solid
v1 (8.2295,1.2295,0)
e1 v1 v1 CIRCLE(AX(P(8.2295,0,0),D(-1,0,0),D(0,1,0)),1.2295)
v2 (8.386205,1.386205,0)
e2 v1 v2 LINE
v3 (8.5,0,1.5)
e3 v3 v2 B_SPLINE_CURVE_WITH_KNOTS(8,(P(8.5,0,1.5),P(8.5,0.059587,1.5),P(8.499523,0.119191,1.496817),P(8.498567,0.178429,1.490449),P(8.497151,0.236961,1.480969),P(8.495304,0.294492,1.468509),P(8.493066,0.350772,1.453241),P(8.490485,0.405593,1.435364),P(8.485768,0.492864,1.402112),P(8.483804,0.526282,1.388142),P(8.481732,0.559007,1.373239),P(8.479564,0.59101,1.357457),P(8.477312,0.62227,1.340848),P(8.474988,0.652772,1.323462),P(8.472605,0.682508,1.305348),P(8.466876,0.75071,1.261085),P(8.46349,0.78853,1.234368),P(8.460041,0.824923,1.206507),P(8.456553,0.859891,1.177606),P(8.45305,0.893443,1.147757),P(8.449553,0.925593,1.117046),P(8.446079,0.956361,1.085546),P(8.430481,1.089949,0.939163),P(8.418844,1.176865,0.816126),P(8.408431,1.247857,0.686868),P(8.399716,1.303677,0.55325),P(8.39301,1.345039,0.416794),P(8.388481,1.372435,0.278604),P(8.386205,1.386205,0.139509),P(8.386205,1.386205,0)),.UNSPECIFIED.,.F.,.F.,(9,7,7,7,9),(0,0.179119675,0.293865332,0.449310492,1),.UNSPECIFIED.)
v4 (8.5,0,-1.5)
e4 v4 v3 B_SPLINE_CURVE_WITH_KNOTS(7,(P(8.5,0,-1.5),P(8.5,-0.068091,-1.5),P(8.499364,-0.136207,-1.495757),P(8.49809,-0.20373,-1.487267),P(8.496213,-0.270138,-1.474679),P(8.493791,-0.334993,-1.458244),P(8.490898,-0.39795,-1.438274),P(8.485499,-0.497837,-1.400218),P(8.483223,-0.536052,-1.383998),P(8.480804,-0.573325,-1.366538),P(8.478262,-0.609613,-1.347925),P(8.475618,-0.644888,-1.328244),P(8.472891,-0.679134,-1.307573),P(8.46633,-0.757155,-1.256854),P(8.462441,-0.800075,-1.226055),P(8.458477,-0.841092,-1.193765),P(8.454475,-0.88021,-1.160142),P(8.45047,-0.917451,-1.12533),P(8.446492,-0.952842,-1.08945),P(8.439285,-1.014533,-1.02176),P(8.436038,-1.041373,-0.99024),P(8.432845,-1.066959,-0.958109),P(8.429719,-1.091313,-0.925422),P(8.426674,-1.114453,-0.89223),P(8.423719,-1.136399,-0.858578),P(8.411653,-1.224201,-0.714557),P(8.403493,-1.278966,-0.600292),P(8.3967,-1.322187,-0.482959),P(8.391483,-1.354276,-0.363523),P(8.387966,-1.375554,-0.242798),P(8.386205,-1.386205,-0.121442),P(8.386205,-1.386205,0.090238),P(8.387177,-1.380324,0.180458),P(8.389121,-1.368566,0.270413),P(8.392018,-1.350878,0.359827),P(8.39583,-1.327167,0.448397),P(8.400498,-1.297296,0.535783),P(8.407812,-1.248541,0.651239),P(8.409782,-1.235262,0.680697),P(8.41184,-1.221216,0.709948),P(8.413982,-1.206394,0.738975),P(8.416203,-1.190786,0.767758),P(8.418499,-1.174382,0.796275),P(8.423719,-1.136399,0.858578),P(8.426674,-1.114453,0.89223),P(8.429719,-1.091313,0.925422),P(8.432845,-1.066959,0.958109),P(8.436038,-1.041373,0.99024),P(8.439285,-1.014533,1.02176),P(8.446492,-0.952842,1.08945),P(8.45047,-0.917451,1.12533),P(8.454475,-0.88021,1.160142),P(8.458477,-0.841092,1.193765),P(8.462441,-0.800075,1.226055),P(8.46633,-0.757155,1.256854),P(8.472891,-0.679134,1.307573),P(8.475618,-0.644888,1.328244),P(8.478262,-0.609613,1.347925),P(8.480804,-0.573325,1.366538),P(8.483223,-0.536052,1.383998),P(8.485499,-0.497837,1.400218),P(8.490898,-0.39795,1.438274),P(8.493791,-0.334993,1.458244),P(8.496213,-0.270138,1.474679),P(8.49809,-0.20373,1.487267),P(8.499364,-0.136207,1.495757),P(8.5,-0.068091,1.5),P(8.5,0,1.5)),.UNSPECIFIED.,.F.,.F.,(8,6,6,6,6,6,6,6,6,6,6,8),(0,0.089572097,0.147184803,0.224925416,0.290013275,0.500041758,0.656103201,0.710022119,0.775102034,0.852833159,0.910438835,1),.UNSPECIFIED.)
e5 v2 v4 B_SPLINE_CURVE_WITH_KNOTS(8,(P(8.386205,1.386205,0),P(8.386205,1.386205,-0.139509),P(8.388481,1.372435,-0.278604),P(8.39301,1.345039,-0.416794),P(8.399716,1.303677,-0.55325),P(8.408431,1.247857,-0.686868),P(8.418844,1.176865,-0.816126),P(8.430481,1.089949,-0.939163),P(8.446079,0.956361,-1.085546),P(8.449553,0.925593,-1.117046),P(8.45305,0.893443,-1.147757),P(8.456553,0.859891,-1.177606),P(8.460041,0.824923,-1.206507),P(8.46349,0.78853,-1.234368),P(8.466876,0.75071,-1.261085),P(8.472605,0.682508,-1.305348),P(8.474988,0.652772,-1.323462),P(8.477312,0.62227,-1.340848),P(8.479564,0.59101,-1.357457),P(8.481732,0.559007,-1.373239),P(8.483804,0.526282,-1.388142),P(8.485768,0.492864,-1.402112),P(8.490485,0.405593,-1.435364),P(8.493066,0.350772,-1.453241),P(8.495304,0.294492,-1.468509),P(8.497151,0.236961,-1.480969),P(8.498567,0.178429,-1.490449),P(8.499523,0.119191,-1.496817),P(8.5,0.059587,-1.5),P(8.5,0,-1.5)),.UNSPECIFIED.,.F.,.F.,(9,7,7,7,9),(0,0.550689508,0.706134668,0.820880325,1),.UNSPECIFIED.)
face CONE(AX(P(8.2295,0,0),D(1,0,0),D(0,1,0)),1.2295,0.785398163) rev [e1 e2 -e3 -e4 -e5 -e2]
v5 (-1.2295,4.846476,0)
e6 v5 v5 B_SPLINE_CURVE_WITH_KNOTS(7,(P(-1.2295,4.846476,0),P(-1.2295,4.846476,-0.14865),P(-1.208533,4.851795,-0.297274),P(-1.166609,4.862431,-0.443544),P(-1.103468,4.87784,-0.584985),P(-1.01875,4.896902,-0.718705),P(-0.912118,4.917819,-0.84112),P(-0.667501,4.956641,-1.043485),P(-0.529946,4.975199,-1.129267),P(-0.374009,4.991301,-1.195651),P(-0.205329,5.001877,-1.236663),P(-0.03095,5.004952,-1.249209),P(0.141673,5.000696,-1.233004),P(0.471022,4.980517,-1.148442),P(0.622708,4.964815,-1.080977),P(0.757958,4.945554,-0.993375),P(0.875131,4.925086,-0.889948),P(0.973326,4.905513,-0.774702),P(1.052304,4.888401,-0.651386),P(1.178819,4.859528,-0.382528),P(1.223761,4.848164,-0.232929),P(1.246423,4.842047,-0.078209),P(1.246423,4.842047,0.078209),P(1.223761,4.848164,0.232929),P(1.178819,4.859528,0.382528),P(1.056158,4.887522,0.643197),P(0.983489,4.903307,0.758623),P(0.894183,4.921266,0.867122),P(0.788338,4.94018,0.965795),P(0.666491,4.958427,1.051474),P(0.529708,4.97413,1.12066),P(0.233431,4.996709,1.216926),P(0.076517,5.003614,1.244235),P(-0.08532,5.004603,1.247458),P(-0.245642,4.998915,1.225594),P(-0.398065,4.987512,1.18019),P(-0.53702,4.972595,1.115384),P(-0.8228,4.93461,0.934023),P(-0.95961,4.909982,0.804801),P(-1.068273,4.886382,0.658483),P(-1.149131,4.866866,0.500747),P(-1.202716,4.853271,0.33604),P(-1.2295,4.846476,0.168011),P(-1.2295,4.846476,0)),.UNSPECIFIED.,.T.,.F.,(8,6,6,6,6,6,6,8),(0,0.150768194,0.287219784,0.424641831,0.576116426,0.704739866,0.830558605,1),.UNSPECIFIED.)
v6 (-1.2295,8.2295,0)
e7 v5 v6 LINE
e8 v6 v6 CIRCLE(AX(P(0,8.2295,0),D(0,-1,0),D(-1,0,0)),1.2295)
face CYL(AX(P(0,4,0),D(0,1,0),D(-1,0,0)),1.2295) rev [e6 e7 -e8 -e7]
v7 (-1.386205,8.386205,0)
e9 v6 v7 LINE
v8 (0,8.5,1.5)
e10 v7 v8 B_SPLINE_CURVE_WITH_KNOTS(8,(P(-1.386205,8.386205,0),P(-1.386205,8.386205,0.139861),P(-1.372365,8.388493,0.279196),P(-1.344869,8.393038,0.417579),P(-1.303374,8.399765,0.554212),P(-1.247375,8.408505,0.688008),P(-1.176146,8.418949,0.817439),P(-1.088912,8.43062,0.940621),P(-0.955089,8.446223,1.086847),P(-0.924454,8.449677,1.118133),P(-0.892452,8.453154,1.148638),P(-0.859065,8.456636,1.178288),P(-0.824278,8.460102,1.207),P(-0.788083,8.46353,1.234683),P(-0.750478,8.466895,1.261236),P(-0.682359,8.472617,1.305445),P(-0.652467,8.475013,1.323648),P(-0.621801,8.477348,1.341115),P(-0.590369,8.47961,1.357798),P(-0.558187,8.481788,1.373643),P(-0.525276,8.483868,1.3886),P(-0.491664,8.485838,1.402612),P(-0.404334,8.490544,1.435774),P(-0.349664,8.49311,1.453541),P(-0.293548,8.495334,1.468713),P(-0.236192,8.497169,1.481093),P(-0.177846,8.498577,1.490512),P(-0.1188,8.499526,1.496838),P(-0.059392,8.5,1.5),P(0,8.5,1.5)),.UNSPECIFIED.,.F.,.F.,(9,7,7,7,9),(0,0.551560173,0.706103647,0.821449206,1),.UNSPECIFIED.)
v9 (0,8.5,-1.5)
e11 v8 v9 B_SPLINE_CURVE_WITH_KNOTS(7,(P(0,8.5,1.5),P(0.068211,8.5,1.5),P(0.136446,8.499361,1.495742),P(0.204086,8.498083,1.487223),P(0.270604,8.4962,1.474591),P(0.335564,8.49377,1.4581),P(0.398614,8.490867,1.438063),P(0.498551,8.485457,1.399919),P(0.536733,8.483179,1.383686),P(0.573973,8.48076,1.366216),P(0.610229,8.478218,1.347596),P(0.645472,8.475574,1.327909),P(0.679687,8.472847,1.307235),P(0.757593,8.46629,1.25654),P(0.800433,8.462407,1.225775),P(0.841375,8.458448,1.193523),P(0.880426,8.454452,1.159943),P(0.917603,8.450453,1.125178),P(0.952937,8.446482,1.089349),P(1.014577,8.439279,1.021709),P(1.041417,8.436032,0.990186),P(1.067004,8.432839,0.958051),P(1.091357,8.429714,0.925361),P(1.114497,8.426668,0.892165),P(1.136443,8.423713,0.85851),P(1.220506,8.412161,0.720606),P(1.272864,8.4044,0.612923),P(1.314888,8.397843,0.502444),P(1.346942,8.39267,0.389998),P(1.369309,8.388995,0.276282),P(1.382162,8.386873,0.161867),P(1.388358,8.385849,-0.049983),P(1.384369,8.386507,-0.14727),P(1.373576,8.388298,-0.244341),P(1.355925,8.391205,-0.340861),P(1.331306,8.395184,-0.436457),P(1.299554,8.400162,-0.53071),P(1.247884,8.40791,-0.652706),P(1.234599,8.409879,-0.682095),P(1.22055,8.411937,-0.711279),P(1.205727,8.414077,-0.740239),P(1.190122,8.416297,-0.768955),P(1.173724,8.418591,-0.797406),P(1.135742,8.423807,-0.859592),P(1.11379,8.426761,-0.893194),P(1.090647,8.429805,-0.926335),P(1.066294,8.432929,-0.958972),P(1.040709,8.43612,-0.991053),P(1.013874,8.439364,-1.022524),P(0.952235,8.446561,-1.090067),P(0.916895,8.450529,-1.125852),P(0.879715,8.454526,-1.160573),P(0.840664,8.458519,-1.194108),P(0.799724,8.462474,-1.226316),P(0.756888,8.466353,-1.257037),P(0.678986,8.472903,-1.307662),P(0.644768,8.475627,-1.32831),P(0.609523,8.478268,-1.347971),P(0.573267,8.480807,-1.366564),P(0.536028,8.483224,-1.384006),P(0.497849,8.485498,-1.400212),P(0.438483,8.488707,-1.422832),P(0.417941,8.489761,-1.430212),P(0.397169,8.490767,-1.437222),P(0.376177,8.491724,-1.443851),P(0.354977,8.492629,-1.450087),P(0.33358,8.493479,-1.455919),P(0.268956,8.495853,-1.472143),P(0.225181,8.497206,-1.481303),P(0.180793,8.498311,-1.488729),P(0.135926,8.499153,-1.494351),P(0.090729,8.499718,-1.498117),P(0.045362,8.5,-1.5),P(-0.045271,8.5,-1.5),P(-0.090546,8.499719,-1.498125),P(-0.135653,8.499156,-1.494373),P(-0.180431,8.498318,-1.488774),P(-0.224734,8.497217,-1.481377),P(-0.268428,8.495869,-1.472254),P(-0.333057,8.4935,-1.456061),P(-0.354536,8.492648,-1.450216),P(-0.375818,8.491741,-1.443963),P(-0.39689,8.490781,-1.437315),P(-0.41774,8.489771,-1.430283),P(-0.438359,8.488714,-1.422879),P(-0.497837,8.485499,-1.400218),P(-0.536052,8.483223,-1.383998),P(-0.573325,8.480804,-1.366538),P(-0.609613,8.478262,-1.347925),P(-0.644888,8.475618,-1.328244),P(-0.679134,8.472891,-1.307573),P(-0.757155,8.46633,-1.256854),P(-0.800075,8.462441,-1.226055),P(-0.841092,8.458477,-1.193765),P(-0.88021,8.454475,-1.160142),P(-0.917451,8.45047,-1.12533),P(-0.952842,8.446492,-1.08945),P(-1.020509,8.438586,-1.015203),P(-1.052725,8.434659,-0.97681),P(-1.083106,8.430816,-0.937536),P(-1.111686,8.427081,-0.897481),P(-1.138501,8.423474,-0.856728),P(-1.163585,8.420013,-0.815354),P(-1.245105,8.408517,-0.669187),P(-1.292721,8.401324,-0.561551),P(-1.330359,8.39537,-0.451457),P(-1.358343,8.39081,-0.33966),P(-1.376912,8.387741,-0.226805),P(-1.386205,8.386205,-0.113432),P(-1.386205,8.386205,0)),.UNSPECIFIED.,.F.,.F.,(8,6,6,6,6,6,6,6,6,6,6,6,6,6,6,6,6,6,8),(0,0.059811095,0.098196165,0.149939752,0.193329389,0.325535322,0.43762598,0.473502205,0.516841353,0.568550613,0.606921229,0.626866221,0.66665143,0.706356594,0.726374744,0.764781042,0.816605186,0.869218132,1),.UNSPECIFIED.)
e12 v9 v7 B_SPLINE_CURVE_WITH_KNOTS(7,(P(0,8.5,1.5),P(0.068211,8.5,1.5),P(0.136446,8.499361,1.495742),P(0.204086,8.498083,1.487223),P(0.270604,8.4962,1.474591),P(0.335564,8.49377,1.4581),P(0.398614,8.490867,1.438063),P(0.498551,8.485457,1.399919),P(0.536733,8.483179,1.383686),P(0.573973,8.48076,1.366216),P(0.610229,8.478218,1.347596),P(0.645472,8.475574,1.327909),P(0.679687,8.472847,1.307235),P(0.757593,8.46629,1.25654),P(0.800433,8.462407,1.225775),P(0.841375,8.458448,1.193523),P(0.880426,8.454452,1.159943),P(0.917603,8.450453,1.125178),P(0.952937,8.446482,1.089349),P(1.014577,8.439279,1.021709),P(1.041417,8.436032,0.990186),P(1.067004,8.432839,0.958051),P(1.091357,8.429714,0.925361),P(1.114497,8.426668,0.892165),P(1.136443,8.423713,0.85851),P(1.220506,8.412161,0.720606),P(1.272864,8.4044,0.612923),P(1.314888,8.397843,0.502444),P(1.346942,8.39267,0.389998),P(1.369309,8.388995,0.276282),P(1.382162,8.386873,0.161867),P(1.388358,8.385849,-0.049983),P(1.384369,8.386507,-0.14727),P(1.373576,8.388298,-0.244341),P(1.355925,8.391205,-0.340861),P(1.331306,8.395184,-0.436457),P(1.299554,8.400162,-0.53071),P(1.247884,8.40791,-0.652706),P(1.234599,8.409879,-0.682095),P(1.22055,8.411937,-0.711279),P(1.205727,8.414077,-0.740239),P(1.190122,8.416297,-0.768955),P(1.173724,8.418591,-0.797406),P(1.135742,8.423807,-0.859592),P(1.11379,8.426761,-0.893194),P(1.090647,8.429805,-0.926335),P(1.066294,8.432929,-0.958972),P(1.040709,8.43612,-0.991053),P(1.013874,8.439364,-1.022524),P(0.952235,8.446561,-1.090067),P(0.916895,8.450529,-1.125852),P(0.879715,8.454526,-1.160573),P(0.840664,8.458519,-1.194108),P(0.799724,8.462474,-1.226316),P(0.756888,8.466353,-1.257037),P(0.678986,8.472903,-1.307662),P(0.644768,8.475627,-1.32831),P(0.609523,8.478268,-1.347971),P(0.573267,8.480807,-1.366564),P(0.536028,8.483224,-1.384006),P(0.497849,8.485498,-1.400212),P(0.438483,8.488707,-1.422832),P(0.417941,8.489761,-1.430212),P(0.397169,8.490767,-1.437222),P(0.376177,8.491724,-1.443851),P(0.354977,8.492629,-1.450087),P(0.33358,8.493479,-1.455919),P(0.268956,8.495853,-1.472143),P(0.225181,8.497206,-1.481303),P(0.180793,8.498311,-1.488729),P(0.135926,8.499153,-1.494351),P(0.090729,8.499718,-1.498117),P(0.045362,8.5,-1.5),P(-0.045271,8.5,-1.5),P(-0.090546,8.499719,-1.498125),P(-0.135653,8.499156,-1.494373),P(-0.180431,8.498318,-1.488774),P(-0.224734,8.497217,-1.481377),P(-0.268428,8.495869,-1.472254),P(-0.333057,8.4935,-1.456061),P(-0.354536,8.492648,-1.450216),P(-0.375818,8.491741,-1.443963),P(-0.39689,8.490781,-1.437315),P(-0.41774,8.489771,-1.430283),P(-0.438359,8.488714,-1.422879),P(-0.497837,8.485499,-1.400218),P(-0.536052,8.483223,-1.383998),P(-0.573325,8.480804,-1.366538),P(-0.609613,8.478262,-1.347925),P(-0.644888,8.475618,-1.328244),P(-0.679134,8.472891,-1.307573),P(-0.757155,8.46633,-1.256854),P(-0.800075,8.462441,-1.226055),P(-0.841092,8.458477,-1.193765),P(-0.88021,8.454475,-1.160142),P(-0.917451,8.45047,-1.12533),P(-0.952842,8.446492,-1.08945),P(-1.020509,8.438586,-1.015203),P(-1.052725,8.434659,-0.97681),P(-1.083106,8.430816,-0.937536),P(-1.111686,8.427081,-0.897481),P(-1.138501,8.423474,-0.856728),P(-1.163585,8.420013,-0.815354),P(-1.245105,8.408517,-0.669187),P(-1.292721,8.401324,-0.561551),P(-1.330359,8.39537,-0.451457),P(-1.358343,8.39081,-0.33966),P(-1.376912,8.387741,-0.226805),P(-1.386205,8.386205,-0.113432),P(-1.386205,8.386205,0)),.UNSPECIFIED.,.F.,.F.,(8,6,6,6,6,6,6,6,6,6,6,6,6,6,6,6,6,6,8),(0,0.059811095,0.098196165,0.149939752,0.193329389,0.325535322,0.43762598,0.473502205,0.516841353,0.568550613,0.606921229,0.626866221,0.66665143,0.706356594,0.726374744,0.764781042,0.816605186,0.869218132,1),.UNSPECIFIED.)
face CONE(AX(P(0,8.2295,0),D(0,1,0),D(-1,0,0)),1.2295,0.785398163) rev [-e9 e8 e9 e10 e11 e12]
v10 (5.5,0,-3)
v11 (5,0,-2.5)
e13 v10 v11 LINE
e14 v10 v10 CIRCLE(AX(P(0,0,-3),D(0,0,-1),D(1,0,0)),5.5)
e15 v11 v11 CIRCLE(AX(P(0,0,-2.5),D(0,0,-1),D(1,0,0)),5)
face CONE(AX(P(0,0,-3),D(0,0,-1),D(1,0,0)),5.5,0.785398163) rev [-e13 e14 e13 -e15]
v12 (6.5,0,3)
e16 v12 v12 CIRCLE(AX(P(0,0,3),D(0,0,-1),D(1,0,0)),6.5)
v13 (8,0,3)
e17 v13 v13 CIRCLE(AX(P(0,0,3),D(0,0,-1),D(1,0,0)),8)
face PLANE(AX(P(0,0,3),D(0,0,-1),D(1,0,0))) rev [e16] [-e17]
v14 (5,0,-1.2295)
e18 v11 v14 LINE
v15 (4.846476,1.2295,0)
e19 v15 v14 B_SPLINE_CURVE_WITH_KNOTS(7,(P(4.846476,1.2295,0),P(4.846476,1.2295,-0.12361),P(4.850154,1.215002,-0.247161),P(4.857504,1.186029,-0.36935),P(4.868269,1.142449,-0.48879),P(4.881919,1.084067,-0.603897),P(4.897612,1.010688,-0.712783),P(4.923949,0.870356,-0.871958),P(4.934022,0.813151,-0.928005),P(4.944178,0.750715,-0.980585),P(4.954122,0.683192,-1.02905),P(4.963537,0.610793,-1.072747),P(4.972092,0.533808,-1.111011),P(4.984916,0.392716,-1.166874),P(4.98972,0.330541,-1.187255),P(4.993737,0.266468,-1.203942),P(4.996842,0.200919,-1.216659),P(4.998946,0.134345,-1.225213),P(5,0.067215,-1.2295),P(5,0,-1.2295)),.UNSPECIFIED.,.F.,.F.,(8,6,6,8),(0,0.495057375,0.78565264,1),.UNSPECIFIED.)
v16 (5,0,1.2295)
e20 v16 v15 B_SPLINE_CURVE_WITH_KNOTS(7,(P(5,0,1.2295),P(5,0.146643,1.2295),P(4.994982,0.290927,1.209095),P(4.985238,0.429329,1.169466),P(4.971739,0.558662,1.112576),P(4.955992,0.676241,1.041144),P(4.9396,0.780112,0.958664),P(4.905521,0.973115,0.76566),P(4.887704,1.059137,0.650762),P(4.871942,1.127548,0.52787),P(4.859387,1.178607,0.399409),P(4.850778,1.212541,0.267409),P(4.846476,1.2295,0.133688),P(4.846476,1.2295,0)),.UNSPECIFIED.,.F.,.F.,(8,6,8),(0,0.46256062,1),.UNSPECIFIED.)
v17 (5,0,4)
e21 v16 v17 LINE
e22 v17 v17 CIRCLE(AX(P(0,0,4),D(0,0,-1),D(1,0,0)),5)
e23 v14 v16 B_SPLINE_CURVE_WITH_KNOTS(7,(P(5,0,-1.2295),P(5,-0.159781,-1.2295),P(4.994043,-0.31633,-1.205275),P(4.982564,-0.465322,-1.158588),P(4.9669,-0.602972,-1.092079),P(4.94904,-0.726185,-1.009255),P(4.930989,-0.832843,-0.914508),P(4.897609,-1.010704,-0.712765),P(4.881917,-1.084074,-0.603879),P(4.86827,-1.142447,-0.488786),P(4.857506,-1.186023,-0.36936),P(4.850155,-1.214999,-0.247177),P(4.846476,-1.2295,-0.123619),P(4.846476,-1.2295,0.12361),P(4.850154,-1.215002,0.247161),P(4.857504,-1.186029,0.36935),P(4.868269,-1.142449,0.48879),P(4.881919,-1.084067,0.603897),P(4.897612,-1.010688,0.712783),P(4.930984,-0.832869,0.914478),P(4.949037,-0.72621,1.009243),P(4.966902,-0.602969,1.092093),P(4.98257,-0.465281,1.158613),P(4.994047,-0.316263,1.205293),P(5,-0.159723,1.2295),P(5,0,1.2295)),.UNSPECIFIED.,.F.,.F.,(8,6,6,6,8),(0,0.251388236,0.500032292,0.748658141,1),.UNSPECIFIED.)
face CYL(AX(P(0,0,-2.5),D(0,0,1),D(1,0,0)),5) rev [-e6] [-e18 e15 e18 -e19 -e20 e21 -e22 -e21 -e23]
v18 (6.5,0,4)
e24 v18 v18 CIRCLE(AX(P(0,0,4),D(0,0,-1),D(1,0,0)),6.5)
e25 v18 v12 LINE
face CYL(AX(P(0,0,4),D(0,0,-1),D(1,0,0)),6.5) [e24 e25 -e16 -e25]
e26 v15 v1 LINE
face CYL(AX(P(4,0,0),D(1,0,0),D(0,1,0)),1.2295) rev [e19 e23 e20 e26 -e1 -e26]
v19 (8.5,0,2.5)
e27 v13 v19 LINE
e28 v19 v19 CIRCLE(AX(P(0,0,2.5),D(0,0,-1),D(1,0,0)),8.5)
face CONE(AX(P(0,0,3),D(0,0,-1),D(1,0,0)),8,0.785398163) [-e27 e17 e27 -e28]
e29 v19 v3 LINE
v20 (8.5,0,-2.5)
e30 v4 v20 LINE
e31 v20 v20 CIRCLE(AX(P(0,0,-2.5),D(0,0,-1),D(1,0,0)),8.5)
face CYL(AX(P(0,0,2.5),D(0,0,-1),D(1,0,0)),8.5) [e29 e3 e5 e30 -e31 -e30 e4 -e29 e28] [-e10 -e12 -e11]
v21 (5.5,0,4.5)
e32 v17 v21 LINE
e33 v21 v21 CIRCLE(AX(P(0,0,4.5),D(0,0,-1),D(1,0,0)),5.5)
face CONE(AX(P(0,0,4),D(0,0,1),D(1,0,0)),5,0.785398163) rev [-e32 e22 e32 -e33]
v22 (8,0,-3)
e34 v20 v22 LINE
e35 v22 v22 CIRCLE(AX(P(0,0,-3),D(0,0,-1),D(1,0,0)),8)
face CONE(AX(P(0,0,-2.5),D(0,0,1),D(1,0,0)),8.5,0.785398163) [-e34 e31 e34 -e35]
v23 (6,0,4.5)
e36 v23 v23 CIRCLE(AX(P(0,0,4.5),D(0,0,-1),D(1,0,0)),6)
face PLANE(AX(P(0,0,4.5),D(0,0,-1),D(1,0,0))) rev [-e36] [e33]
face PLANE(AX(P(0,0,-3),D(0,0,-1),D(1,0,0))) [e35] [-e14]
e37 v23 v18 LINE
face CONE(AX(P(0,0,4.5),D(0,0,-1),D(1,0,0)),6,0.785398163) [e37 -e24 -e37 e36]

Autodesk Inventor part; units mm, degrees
sketch "Sketch_1" plane through (0, 0, 0) normal (0, 1, 0) x (-1, 0, 0)
  line L0 (0, 4.5) -> (0, -3)
  line L1 (-5, 4) -> (-5.5, 4.5)
  line L2 (-5.5, 4.5) -> (-6, 4.5)
  line L3 (-6, 4.5) -> (-6.5, 4)
  line L4 (-6.5, 4) -> (-6.5, 3)
  line L5 (-6.5, 3) -> (-8, 3)
  line L6 (-8, 3) -> (-8.5, 2.5)
  line L7 (-8.5, 2.5) -> (-8.5, -2.5)
  line L8 (-8.5, -2.5) -> (-8, -3)
  line L9 (-8, -3) -> (-5.5, -3)
  line L10 (-5.5, -3) -> (-5, -2.5)
  line L11 (-5, -2.5) -> (-5, 4)
revolve "Revolution1" add sketch "Sketch_1" angle 360 about axis through (0, 0, 4.5) along (0, 0, -1)
sketch "Sketch_8" plane through (0, 0, 0) normal (0, 0, 1) x (1, 0, 0)
  line L0 (8.5, 0) -> (4, 0)
  line L1 (4, 0) -> (4, 1.2295)
  line L2 (4, 1.2295) -> (8.2295, 1.2295)
  line L3 (8.2295, 1.2295) -> (8.5, 1.5)
  line L4 (8.5, 1.5) -> (8.5, 0)
  line L5 (8.5, 0) -> (4, 0)
revolve "Revolution2" cut sketch "Sketch_8" angle 360 about axis through (8.5, 0, 0) along (-1, 0, 0)
thread "Thread1" size "M3x0.5" class "6H" standard "ISO Metric profile" full length
sketch "Sketch_2" plane through (0, 0, 0) normal (0, 0, 1) x (1, 0, 0)
  line L0 (0, 8.5) -> (0, 4)
  line L1 (0, 4) -> (-1.2295, 4)
  line L2 (-1.2295, 4) -> (-1.2295, 8.2295)
  line L3 (-1.2295, 8.2295) -> (-1.5, 8.5)
  line L4 (-1.5, 8.5) -> (0, 8.5)
  line L5 (0, 8.5) -> (0, 4)
revolve "Revolution3" cut sketch "Sketch_2" angle 360 about axis through (0, 8.5, 0) along (0, -1, 0)
thread "Thread2" size "M3x0.5" class "6H" standard "ISO Metric profile" full length
ref_plane "body_set_h_XY" through (0, 8.5, 0) normal (0, 1, 0) x (1, 0, 0)
ref_plane "body_set_h_YZ" through (0, 8.5, 0) normal (1, 0, 0) x (0, 0, -1)
ref_plane "body_set_h_ZX" through (0, 8.5, 0) normal (0, 0, -1) x (0, 1, 0)
ref_plane "body_set_v_XY" through (8.5, 0, 0) normal (1, 0, 0) x (0, 0, -1)
ref_plane "body_set_v_YZ" through (8.5, 0, 0) normal (0, 0, -1) x (0, 1, 0)
ref_plane "body_set_v_ZX" through (8.5, 0, 0) normal (0, 1, 0) x (1, 0, 0)
properties part number "SCBRJ10-13_b"
